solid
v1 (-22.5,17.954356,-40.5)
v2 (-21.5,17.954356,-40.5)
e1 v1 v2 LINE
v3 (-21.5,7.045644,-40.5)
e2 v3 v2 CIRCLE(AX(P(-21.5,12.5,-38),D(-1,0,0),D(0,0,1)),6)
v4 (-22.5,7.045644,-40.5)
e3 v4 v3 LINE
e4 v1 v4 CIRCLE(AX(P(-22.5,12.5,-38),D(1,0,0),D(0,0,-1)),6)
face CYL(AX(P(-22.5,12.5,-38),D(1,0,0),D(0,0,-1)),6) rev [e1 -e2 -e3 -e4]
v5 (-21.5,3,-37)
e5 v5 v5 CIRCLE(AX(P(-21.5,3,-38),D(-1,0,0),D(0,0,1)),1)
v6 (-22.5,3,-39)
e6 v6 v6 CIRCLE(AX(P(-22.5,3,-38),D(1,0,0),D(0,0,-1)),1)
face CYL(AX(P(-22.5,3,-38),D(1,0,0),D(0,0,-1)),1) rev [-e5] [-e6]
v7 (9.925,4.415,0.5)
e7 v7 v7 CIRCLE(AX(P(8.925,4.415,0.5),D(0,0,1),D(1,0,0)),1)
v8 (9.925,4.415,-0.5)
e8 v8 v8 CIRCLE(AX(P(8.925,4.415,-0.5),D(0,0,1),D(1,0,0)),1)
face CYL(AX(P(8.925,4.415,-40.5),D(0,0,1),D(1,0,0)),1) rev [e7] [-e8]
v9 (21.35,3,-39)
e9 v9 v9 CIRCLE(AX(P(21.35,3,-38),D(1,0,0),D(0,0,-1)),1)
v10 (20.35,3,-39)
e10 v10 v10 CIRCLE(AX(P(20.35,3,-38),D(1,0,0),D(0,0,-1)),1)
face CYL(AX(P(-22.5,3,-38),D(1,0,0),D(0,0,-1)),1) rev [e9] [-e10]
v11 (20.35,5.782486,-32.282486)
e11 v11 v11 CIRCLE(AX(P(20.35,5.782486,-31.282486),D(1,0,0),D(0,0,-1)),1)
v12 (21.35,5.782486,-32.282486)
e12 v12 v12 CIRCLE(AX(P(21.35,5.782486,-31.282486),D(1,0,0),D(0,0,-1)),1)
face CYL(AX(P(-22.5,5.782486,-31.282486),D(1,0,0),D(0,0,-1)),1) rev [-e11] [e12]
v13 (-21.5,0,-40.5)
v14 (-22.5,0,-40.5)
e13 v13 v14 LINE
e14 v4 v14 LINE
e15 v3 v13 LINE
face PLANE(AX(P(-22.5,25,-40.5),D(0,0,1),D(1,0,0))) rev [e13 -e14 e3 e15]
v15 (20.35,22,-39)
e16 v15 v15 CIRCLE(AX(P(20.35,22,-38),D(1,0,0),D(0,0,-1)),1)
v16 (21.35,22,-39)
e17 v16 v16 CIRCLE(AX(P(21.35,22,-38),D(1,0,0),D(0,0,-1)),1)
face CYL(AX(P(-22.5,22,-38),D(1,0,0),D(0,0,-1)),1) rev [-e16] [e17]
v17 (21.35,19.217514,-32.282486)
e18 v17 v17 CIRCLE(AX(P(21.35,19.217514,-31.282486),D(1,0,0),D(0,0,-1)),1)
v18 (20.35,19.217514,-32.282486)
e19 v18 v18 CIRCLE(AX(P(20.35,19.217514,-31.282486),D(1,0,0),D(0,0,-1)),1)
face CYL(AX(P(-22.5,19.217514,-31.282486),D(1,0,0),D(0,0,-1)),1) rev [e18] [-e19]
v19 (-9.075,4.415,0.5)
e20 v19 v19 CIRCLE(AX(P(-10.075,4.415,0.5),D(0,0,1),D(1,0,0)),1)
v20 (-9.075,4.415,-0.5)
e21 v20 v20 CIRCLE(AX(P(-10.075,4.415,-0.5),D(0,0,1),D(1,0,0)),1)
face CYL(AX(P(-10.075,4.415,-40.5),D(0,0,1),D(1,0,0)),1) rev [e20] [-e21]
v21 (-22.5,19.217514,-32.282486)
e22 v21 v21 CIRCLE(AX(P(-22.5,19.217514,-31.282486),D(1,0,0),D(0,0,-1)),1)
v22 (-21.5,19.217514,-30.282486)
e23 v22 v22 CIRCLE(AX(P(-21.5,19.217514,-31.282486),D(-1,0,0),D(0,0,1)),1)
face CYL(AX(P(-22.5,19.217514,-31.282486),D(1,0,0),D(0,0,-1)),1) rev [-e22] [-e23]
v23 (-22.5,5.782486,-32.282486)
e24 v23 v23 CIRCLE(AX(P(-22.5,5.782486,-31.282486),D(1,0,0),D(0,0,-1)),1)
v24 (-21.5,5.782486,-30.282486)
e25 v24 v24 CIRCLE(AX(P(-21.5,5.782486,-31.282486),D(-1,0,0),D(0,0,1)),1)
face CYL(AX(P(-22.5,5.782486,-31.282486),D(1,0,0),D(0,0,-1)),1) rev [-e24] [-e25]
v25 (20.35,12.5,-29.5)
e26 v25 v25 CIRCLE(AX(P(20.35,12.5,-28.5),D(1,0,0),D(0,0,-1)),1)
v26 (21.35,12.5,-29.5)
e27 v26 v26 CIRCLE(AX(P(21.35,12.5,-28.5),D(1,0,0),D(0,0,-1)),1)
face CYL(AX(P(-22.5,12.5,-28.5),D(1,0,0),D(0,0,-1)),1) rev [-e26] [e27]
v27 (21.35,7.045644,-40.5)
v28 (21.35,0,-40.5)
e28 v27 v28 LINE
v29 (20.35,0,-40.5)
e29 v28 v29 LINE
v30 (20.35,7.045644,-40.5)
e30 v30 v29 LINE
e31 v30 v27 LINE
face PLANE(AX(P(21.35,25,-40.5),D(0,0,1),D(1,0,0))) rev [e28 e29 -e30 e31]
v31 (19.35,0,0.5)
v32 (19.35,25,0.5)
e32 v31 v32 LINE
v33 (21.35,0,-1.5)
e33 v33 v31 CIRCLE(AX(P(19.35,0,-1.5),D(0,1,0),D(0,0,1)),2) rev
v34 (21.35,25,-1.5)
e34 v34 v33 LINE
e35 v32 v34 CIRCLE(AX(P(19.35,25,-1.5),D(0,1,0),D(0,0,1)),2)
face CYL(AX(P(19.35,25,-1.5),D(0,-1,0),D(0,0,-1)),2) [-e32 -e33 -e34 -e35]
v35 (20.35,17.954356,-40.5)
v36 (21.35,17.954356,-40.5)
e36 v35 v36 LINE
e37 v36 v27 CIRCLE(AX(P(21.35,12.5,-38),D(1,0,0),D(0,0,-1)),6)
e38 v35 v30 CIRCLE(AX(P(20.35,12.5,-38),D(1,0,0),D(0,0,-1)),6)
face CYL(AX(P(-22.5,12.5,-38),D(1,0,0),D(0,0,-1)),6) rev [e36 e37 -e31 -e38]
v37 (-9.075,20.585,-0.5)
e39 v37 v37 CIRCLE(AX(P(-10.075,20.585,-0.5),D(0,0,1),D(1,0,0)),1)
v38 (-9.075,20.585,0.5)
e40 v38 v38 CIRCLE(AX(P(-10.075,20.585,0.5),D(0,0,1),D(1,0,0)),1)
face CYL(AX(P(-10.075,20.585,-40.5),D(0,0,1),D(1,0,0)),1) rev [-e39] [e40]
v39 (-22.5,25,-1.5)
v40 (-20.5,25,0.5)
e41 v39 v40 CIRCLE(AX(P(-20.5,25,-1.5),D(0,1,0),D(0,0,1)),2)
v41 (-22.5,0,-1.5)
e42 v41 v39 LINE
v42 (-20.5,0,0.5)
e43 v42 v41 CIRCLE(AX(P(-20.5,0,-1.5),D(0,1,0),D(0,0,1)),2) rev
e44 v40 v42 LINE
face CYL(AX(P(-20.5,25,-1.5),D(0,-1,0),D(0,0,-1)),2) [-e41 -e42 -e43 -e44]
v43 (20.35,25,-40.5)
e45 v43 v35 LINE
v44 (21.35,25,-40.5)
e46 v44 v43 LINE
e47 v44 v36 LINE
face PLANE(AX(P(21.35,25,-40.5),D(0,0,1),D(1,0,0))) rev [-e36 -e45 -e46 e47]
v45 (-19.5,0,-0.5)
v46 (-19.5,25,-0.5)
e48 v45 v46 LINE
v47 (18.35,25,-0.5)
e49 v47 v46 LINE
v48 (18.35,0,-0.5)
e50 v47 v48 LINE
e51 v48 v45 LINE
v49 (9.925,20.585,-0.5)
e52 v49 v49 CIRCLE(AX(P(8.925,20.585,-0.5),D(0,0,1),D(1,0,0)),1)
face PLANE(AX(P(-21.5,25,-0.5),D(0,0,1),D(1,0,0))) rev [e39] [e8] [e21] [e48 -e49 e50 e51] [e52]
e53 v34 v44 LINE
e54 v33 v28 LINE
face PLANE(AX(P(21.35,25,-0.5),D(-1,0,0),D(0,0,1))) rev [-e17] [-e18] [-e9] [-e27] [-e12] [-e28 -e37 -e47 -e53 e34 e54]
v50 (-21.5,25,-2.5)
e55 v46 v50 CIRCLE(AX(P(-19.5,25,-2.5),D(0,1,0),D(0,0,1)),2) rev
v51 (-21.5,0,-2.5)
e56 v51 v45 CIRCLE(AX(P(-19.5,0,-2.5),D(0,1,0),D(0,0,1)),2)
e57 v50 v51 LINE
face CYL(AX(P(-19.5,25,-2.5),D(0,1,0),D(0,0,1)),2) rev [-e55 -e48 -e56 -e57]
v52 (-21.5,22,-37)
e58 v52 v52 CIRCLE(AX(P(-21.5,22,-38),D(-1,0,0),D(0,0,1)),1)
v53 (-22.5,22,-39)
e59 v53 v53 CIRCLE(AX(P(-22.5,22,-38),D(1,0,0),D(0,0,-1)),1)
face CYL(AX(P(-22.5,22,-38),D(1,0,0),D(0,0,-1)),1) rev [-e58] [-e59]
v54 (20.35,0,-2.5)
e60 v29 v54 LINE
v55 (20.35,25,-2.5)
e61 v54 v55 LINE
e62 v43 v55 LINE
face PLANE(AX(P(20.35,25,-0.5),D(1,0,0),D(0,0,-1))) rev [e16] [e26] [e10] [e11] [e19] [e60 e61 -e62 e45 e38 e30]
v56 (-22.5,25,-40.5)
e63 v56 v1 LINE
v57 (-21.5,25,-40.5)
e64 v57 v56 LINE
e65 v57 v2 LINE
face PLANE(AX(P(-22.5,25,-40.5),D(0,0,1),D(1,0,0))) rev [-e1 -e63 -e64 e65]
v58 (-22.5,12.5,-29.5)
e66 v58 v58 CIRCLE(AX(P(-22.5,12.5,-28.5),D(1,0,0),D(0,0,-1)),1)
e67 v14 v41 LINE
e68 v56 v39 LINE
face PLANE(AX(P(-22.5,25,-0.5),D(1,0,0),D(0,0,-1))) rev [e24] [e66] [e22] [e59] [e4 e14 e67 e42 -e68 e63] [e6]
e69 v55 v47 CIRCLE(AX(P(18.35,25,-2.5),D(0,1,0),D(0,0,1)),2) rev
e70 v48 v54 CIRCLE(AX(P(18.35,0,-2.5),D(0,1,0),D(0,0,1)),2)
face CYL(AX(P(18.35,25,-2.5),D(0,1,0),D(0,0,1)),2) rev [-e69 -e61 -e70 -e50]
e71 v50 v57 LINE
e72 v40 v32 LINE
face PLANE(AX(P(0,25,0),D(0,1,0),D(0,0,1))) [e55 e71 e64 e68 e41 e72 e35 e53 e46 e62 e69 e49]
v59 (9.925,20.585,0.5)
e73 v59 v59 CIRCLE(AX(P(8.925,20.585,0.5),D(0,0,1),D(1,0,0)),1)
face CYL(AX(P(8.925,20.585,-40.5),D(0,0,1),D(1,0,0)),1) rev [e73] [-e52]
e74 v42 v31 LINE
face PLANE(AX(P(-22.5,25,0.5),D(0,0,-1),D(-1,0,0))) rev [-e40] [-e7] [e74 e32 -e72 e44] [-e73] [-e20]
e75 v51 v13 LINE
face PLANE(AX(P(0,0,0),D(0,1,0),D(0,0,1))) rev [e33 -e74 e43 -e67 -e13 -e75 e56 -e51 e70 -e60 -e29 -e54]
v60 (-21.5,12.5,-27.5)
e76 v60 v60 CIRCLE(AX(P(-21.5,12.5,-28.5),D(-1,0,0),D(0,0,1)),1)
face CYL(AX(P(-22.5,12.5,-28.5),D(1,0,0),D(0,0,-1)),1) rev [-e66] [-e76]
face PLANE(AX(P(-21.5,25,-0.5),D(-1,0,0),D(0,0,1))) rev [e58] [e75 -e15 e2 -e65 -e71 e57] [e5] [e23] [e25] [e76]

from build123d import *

# Parameters (mm, degrees)
BOSS_EXTRUDE1_DEPTH = 25
SKETCH2_R           = 1
SKETCH2_R_2         = 6
CUT_EXTRUDE1_DEPTH  = 44.85
FILLET2_R           = 2
SKETCH3_R           = 1
CUT_EXTRUDE2_DEPTH  = 42


with BuildPart() as part:
    # Sketch1 → Boss-Extrude1 (new body)
    with BuildSketch(Plane(origin=(0, 0, 0), x_dir=(1, 0, 0), z_dir=(0, 1, 0))):
        Polygon((-21.5, 0.5), (20.35, 0.5), (20.35, 40.5), (21.35, 40.5), (21.35, 0.5), (21.35, -0.5), (-22.5, -0.5), (-22.5, 0.5), (-22.5, 40.5), (-21.5, 40.5), align=None)
    extrude(amount=BOSS_EXTRUDE1_DEPTH)

    # Sketch2 → Cut-Extrude1 (cut, through all)
    with BuildSketch(Plane(origin=(21.35, 0, 0), x_dir=(0, 0, -1), z_dir=(1, 0, 0))):
        with Locations((28.5, 12.5)):
            Circle(SKETCH2_R)
        with Locations((38, 12.5)):
            Circle(SKETCH2_R_2)
        with Locations((31.282485579, 19.217514421)):
            Circle(SKETCH2_R)
        with Locations((38, 22)):
            Circle(SKETCH2_R)
        with Locations((38, 3)):
            Circle(SKETCH2_R)
        with Locations((31.282485579, 5.782485579)):
            Circle(SKETCH2_R)
    extrude(amount=-CUT_EXTRUDE1_DEPTH, mode=Mode.SUBTRACT)

    # Fillet2
    fillet2_edges = [part.edges().sort_by_distance(p)[0] for p in [
        (21.35, 12.5, 0.5),
        (-22.5, 12.5, 0.5),
        (-21.5, 12.5, -0.5),
        (20.35, 12.5, -0.5),
    ]]
    fillet(fillet2_edges, radius=FILLET2_R)

    # Sketch3 → Cut-Extrude2 (cut, through all)
    with BuildSketch(Plane.XY.offset(0.5)):
        with Locations((-10.075, 20.585)):
            Circle(SKETCH3_R)
        with Locations((8.925, 20.585)):
            Circle(SKETCH3_R)
        with Locations((-10.075, 4.415)):
            Circle(SKETCH3_R)
        with Locations((8.925, 4.415)):
            Circle(SKETCH3_R)
    extrude(amount=-CUT_EXTRUDE2_DEPTH, mode=Mode.SUBTRACT)


solid = part.part
